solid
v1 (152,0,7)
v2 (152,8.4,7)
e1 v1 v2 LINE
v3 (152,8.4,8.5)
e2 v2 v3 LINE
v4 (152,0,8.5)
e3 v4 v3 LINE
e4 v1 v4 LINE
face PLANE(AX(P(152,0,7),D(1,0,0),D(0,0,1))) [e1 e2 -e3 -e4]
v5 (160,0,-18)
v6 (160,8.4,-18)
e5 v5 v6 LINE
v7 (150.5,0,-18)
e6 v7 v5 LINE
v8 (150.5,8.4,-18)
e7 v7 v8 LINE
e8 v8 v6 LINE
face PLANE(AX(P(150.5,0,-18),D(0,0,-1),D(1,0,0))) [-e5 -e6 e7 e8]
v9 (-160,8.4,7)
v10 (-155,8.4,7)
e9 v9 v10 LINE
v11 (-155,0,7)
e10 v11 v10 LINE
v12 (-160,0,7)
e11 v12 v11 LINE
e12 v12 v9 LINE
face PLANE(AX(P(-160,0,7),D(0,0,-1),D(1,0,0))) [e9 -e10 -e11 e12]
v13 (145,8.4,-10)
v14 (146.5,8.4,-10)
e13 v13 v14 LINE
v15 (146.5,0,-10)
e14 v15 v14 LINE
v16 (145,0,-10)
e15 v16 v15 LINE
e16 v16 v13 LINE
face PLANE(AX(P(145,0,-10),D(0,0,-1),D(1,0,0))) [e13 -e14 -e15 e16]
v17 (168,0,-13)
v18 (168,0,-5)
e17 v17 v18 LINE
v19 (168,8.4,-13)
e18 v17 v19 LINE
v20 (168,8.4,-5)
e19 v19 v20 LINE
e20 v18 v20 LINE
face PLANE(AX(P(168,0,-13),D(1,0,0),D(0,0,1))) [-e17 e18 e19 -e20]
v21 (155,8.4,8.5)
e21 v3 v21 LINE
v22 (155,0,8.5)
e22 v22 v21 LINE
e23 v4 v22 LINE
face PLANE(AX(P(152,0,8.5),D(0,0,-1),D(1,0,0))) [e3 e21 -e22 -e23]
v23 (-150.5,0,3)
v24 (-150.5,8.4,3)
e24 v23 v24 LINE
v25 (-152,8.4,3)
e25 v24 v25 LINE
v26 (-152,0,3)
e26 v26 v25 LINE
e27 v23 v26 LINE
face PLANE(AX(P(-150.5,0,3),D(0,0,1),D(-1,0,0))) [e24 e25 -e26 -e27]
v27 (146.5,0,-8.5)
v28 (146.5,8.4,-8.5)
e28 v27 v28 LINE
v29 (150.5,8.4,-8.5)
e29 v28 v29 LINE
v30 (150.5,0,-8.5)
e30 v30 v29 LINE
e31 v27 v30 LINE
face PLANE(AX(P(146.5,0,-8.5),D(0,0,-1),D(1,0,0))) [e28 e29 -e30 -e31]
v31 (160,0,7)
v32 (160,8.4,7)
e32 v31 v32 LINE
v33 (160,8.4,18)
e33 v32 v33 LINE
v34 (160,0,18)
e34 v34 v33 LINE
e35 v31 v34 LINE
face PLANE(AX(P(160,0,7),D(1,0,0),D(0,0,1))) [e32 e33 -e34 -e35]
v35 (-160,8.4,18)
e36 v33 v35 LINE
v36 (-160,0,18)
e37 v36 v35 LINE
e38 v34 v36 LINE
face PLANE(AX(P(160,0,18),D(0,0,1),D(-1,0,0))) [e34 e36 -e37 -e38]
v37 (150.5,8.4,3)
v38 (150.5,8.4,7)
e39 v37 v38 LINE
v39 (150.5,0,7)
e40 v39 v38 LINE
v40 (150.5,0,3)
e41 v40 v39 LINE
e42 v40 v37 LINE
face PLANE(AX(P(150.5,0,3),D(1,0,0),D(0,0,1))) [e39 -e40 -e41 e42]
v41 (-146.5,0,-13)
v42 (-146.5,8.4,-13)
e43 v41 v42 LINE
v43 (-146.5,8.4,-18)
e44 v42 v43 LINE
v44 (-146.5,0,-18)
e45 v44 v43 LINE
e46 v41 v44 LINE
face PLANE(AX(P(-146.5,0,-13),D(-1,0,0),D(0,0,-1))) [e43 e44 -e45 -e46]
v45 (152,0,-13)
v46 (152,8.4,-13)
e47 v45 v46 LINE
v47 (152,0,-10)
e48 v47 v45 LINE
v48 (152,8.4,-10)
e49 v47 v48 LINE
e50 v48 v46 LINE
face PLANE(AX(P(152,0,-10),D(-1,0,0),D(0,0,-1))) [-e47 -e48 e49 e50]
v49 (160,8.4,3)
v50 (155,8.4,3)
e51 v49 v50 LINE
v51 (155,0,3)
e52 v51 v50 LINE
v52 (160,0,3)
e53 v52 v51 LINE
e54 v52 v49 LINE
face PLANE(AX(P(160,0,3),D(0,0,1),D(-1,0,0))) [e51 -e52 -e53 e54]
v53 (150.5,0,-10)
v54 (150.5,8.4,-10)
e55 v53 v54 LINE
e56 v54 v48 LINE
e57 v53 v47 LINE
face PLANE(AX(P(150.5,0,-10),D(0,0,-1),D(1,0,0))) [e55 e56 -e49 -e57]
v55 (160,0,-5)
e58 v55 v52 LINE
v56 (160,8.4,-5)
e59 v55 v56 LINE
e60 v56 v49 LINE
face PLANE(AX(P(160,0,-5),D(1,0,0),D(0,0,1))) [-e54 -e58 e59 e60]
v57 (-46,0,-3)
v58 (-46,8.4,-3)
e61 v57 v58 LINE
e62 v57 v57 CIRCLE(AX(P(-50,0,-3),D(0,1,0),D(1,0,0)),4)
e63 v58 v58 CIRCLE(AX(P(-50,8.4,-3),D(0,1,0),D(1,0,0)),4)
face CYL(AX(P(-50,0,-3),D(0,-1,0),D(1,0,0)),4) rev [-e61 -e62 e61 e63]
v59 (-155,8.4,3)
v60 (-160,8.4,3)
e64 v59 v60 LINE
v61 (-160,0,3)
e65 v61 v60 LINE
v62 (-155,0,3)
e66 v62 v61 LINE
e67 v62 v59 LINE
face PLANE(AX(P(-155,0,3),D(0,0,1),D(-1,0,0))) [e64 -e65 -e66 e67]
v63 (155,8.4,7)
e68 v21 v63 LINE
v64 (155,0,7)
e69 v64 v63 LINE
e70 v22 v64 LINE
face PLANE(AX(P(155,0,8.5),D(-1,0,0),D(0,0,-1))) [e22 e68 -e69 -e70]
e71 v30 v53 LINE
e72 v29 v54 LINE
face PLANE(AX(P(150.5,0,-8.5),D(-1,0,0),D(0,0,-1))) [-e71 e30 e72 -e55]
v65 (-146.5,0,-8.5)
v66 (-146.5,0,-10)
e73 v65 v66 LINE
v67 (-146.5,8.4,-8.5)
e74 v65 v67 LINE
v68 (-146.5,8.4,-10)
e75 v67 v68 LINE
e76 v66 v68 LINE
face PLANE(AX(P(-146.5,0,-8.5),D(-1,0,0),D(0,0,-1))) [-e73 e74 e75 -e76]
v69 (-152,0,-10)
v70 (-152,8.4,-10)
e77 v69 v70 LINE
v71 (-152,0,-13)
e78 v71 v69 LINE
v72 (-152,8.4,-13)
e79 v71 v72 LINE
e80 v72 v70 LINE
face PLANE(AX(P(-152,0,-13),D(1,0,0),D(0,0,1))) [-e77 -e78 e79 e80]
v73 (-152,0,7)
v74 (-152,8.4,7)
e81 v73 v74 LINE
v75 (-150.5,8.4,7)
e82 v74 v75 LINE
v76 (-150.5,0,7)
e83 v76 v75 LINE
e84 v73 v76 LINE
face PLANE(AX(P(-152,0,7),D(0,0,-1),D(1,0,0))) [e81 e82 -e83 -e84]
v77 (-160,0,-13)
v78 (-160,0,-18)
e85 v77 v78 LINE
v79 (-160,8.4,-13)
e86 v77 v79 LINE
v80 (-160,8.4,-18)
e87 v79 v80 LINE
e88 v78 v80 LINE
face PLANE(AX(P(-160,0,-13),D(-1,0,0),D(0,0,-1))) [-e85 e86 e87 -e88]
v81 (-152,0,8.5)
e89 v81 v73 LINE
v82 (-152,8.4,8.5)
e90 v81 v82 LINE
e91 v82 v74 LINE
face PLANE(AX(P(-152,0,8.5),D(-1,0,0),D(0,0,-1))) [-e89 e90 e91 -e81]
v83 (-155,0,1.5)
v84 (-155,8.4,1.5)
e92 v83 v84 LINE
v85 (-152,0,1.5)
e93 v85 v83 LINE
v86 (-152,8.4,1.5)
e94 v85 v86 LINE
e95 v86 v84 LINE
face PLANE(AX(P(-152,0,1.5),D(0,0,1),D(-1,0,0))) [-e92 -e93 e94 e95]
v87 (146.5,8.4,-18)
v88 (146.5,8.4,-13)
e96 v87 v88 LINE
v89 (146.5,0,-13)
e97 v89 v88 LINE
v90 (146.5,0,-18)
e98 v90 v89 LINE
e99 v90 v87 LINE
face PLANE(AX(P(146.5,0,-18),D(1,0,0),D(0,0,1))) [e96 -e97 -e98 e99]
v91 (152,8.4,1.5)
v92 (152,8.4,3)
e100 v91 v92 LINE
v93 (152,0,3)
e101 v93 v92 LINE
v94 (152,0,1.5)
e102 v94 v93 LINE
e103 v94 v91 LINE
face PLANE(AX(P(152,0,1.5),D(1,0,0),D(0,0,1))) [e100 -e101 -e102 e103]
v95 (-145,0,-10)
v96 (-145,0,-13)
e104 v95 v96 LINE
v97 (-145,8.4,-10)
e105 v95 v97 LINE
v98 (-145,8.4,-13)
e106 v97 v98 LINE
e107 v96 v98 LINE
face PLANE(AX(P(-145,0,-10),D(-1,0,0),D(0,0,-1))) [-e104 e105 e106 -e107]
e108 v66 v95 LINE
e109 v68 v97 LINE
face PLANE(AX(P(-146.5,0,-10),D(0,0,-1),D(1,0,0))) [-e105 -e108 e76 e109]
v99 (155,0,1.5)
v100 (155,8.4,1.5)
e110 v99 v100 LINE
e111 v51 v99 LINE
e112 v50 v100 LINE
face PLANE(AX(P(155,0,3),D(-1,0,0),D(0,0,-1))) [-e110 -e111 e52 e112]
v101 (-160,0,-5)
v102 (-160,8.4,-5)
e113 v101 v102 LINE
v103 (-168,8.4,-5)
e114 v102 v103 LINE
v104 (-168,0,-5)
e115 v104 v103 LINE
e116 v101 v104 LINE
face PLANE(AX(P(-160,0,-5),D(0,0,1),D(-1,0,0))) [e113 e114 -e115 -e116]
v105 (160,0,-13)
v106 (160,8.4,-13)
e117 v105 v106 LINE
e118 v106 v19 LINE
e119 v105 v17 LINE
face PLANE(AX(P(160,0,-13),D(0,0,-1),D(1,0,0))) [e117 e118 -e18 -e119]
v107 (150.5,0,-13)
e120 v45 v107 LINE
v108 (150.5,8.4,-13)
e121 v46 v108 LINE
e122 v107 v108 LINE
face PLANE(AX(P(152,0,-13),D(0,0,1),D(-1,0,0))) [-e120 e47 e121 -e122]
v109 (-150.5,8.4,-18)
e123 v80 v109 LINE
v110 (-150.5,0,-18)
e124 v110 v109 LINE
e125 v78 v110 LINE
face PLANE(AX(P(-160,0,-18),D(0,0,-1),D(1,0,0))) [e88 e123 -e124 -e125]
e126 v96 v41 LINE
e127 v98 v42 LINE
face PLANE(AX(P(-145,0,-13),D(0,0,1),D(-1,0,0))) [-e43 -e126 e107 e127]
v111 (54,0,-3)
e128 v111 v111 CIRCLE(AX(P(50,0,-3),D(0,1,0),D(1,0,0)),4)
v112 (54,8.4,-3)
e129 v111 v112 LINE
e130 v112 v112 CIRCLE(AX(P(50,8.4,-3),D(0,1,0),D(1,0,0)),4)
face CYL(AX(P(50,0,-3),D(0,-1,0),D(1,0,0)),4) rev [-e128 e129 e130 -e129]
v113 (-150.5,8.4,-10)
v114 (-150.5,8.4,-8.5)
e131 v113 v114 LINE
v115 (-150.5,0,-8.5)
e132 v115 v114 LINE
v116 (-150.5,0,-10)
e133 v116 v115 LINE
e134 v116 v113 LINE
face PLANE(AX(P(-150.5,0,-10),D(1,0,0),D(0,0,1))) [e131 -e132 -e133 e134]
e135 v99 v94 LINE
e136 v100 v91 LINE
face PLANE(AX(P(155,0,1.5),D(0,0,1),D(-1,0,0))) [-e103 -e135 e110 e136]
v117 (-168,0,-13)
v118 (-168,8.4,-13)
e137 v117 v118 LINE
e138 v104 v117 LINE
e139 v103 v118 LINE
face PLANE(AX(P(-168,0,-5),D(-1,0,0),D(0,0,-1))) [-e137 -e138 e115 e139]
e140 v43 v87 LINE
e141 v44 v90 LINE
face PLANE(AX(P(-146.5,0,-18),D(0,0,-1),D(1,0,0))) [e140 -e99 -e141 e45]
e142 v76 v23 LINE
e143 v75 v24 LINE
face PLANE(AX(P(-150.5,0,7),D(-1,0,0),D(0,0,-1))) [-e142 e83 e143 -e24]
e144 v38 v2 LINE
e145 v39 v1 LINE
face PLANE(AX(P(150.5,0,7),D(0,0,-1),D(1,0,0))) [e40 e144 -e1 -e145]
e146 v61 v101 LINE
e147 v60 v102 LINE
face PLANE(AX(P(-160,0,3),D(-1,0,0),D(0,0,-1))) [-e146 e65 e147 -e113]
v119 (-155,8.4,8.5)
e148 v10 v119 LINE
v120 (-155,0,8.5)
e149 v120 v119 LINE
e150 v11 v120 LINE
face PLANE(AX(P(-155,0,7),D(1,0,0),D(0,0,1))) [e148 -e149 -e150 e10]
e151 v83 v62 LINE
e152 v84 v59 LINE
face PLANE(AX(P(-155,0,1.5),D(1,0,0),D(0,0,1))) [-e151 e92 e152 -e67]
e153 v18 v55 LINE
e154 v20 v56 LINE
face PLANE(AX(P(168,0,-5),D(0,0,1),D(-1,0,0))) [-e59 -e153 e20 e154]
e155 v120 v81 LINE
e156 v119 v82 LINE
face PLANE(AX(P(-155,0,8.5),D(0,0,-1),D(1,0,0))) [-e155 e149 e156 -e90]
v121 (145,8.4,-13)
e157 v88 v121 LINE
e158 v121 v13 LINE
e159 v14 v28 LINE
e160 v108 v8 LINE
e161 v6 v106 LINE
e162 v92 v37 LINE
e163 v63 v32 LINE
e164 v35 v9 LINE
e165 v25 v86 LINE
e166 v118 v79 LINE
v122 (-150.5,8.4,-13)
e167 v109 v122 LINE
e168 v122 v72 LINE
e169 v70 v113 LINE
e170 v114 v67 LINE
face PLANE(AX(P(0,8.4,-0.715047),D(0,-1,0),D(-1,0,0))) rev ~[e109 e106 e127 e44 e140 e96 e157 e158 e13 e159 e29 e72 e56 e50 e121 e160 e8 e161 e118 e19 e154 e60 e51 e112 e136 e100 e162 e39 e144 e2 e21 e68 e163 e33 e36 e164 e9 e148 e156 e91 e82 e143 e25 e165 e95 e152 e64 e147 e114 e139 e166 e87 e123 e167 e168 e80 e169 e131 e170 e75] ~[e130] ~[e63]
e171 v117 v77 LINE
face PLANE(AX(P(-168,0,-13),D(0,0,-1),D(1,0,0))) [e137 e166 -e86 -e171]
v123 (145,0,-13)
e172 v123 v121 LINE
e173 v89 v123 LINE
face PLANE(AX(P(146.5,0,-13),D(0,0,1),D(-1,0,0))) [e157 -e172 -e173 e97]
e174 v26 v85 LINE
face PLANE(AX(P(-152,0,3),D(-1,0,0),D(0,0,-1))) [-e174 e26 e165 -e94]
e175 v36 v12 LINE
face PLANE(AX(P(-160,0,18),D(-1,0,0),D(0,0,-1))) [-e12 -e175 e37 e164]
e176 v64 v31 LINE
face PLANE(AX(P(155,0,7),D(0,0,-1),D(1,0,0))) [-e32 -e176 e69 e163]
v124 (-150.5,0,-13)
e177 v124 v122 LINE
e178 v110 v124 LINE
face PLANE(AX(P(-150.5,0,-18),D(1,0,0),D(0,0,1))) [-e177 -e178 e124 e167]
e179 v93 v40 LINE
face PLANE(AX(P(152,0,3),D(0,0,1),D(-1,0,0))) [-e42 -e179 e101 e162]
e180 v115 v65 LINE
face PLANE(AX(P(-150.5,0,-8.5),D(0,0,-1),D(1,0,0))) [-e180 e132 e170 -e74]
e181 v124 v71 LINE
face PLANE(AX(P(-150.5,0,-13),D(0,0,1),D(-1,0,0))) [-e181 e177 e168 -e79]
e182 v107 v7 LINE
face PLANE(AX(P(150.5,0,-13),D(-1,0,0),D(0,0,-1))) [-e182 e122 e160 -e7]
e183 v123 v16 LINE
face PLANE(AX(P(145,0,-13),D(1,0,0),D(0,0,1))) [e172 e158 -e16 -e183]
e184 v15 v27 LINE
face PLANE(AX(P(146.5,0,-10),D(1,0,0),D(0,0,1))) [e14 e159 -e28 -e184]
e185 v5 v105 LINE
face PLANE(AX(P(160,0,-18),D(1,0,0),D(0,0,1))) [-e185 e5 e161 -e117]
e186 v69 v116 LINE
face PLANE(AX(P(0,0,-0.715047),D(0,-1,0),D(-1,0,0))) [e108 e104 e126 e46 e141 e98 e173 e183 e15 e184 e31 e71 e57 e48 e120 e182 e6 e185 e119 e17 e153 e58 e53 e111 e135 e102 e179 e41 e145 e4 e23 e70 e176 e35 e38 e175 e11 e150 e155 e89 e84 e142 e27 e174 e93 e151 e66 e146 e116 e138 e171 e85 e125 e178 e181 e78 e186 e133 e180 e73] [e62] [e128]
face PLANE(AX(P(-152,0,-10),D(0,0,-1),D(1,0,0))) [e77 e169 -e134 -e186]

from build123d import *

# Parameters (mm, degrees)
SKETCH1_R           = 4
BOSS_EXTRUDE1_DEPTH = 8.4


with BuildPart() as part:
    # Sketch1 → Boss-Extrude1 (new body)
    with BuildSketch(Plane(origin=(0, 0, 0), x_dir=(1, 0, 0), z_dir=(0, 1, 0))):
        Polygon((-160, 18), (-150.5, 18), (-150.5, 13), (-152, 13), (-152, 10), (-150.5, 10), (-150.5, 8.5), (-146.5, 8.5), (-146.5, 10), (-145, 10), (-145, 13), (-146.5, 13), (-146.5, 18), (146.5, 18), (146.5, 13), (145, 13), (145, 10), (146.5, 10), (146.5, 8.5), (150.5, 8.5), (150.5, 10), (152, 10), (152, 13), (150.5, 13), (150.5, 18), (160, 18), (160, 13), (168, 13), (168, 5), (160, 5), (160, -3), (155, -3), (155, -1.5), (152, -1.5), (152, -3), (150.5, -3), (150.5, -7), (152, -7), (152, -8.5), (155, -8.5), (155, -7), (160, -7), (160, -18), (-160, -18), (-160, -7), (-155, -7), (-155, -8.5), (-152, -8.5), (-152, -7), (-150.5, -7), (-150.5, -3), (-152, -3), (-152, -1.5), (-155, -1.5), (-155, -3), (-160, -3), (-160, 5), (-168, 5), (-168, 13), (-160, 13), align=None)
        with Locations((-50, 3)):
            Circle(SKETCH1_R, mode=Mode.SUBTRACT)
        with Locations((50, 3)):
            Circle(SKETCH1_R, mode=Mode.SUBTRACT)
    extrude(amount=BOSS_EXTRUDE1_DEPTH)


solid = part.part
